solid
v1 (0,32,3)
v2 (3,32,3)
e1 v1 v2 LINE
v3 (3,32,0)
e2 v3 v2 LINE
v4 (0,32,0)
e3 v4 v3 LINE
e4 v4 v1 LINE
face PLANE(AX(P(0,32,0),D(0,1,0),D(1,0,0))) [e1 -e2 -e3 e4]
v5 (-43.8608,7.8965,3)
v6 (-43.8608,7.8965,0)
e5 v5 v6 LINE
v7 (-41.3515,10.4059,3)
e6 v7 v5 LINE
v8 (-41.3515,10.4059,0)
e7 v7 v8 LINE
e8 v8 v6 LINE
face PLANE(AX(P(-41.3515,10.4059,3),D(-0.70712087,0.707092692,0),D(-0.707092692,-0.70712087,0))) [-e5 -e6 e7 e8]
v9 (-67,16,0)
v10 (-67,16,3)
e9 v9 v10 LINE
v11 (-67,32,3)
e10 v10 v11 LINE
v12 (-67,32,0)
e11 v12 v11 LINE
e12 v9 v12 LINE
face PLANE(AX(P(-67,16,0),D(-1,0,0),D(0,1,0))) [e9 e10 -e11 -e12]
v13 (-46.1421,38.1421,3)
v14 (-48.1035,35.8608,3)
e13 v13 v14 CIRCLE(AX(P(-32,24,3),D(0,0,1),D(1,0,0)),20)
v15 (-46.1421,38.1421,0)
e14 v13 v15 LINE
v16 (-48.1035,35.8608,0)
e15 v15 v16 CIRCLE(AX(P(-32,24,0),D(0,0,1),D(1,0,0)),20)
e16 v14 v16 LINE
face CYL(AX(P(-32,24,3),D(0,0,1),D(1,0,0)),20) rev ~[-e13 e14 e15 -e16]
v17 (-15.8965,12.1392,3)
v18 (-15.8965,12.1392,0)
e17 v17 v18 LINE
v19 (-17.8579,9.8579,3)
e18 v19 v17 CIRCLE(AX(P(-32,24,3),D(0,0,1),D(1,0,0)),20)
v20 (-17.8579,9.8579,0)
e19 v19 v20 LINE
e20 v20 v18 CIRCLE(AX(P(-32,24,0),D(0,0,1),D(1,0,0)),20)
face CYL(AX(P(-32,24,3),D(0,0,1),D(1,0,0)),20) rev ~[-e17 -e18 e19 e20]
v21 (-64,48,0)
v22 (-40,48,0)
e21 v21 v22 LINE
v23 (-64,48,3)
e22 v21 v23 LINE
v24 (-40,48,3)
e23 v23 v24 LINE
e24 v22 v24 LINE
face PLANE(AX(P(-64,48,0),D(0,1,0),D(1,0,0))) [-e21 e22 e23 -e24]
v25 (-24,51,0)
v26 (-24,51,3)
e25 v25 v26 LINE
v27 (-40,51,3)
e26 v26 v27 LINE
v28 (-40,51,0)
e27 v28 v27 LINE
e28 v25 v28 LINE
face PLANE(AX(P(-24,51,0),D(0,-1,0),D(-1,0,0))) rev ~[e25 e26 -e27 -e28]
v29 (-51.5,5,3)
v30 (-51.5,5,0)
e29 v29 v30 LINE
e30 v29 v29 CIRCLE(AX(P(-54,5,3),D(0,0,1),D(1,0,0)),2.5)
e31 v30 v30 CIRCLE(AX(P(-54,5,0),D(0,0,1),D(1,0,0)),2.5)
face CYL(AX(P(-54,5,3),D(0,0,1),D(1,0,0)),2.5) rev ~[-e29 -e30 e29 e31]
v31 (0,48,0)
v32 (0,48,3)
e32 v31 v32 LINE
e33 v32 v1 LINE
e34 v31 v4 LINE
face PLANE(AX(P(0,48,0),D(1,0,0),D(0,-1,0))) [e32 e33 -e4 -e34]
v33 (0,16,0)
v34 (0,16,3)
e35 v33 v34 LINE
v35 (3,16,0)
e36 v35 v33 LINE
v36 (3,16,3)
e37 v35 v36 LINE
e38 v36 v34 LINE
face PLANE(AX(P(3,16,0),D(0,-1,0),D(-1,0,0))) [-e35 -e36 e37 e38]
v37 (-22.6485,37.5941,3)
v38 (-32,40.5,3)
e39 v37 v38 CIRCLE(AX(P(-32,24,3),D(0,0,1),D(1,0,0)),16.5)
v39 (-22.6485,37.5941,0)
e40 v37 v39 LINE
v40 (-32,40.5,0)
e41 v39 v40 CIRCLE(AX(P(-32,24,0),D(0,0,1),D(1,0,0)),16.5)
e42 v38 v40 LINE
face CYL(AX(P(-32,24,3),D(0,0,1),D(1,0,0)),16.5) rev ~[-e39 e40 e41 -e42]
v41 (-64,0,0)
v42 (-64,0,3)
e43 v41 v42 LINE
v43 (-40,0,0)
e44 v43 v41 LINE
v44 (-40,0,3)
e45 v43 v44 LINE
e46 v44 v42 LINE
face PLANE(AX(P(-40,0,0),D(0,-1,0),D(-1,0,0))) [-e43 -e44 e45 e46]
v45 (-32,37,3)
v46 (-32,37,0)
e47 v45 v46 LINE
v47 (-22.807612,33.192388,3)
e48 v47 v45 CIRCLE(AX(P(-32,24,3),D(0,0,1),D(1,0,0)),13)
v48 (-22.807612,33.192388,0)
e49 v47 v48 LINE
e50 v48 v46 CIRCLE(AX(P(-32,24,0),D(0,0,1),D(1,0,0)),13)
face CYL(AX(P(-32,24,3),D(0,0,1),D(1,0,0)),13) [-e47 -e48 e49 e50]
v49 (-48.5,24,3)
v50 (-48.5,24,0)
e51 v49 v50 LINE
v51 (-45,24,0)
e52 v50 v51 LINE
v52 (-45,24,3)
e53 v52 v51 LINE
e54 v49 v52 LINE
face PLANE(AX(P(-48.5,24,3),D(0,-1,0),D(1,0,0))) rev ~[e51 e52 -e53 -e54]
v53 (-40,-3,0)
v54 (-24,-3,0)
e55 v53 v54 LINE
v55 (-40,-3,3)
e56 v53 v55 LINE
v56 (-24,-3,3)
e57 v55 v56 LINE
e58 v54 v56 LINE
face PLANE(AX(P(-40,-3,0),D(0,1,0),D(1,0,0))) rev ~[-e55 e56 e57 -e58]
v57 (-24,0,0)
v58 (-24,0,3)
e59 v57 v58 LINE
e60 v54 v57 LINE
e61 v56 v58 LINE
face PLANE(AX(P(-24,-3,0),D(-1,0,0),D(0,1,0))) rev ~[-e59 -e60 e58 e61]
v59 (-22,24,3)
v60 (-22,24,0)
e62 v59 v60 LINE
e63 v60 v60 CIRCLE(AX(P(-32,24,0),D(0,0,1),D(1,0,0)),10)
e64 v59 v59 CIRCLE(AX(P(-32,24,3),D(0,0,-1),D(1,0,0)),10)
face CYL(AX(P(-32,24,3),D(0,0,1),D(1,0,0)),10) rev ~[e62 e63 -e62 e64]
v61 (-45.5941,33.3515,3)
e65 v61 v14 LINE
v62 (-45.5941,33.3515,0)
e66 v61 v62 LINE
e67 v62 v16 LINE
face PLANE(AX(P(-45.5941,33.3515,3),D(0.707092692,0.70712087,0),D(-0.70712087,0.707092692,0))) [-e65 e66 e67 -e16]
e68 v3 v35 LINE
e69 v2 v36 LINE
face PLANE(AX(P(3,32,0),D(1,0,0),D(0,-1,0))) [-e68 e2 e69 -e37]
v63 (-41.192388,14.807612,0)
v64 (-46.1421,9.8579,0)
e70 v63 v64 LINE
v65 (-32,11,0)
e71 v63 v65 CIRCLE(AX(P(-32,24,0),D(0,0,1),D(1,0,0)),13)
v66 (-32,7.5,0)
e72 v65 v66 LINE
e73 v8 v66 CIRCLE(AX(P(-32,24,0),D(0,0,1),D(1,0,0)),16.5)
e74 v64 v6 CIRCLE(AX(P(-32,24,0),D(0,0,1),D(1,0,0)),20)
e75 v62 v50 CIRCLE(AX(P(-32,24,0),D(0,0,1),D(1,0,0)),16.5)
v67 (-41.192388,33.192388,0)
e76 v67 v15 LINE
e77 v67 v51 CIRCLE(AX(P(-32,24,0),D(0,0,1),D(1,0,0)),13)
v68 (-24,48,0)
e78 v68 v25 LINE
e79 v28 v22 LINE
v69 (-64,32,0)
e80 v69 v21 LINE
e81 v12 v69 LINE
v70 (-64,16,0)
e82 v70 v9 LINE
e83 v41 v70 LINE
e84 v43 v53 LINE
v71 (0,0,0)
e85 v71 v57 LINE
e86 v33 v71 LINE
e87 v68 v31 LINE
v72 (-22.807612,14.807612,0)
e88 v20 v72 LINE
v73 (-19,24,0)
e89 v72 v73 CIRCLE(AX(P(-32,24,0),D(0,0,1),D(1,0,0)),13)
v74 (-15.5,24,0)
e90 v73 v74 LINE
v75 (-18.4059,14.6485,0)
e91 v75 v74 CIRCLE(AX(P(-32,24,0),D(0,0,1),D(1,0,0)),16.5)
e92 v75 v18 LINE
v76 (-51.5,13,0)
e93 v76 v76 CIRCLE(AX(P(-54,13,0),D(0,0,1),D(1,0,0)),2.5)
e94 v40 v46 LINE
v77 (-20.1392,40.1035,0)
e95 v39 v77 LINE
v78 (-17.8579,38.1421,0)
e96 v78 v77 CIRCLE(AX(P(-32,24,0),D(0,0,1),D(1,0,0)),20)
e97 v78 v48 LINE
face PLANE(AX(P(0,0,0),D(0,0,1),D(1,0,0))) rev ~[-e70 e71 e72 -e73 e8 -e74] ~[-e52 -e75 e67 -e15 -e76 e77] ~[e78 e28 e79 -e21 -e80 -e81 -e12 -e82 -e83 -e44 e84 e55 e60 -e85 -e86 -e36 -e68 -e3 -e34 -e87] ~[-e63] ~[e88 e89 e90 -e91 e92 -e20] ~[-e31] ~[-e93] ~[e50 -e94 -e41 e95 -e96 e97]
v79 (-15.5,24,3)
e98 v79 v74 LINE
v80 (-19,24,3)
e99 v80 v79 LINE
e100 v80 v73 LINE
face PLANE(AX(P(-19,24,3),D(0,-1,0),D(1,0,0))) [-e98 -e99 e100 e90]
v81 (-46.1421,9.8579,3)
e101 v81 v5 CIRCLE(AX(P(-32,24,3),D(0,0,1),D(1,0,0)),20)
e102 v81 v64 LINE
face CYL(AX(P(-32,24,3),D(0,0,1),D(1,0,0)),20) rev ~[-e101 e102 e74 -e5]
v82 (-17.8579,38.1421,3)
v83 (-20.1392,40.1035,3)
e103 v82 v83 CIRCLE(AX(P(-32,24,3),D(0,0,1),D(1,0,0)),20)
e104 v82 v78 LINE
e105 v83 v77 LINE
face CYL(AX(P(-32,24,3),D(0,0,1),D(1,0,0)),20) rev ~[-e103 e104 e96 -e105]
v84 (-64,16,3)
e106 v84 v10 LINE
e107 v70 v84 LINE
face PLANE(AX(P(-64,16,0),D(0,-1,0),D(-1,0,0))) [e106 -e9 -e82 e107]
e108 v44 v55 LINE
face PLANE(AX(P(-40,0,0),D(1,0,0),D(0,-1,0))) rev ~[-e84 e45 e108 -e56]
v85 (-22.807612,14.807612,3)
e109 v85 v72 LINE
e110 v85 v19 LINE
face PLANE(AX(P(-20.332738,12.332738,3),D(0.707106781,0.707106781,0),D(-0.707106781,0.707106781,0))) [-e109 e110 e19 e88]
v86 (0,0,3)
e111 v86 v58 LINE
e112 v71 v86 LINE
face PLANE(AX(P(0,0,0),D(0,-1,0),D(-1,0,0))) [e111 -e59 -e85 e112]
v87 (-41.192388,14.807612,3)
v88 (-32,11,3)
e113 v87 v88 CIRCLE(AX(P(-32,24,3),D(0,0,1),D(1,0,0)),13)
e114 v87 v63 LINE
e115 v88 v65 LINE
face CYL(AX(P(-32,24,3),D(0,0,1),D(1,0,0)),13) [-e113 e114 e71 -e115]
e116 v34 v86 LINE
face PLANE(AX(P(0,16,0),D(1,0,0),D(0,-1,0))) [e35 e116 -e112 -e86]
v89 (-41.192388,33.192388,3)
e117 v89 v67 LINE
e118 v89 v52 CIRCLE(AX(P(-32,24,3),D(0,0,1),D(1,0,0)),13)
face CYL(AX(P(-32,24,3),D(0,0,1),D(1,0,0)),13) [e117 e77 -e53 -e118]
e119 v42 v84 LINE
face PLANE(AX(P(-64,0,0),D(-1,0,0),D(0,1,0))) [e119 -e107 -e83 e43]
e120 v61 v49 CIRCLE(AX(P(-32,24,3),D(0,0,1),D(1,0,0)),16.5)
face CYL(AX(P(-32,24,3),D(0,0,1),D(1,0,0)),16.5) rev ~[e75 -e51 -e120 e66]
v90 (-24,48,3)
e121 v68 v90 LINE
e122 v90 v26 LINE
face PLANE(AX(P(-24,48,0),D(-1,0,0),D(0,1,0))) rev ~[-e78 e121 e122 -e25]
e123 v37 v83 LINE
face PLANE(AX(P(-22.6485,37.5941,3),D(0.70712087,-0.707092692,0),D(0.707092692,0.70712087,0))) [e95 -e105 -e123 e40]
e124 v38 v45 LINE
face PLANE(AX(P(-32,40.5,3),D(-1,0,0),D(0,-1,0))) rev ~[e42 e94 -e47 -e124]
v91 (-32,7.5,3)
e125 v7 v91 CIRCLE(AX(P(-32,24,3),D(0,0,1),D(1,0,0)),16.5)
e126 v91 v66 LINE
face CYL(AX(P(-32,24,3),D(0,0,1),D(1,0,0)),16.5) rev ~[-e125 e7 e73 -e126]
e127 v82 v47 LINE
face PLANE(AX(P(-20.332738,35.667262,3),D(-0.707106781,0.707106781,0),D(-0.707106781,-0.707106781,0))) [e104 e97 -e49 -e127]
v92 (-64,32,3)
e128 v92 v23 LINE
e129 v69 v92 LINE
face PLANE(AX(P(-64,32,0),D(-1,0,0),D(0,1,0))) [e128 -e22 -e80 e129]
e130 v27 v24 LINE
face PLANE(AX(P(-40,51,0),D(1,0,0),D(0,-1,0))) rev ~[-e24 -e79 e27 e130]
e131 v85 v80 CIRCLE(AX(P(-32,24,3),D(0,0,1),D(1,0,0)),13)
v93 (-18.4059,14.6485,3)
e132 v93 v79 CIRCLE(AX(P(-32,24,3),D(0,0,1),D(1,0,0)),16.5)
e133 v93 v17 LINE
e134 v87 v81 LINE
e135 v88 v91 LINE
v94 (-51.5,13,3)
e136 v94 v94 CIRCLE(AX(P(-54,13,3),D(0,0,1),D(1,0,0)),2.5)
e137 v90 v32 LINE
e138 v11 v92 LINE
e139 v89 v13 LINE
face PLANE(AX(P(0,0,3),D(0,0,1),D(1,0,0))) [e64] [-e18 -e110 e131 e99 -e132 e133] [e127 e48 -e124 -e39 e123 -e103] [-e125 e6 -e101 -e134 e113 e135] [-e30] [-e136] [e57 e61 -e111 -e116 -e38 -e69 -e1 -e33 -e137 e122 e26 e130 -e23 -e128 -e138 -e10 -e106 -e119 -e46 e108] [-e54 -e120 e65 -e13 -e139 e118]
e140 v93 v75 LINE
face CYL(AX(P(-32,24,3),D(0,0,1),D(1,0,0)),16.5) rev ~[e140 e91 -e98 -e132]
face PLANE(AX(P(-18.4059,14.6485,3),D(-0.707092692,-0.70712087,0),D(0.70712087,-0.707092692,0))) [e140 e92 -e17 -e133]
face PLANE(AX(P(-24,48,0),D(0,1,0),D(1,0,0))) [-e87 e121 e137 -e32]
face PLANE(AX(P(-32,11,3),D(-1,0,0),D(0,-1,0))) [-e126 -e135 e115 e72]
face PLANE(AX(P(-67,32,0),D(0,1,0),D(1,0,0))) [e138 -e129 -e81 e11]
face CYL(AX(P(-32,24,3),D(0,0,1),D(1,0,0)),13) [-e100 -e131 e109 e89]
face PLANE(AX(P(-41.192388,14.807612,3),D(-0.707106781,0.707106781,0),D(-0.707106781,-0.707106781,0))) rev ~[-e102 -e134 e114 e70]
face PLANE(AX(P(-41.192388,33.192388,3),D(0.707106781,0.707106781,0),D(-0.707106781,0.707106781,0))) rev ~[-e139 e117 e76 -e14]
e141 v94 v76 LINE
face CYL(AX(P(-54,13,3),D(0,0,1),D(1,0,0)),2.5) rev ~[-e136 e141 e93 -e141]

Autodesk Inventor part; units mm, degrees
ref_plane "YZ Plane" through (0, 0, 0) normal (1, 0, 0) x (0, 1, 0)
ref_plane "XZ Plane" through (0, 0, 0) normal (0, 1, 0) x (-1, 0, 0)
ref_plane "XY Plane" through (0, 0, 0) normal (0, 0, 1) x (1, 0, 0)
sketch "Sketch1" plane through (0, 0, 0) normal (0, 0, 1) x (1, 0, 0)
  line L0 (-24, 48) -> (-24, 51)
  line L1 (-24, 51) -> (-40, 51)
  line L2 (-40, 51) -> (-40, 48)
  line L3 (0, 32) -> (3, 32)
  line L4 (3, 32) -> (3, 16)
  line L5 (3, 16) -> (0, 16)
  line L6 (-40, 0) -> (-40, -3)
  line L7 (-40, -3) -> (-24, -3)
  line L8 (-24, -3) -> (-24, 0)
  line L9 (-64, 16) -> (-67, 16)
  line L10 (-67, 16) -> (-67, 32)
  line L11 (-67, 32) -> (-64, 32)
  line L12 (-64, 48) -> (-40, 48)
  line L13 (-24, 48) -> (0, 48)
  line L14 (-64, 0) -> (-64, 16)
  line L15 (-64, 32) -> (-64, 48)
  line L16 (0, 0) -> (-24, 0)
  line L17 (-40, 0) -> (-64, 0)
  line L18 (0, 48) -> (0, 32)
  line L19 (0, 16) -> (0, 0)
  point P0 (0, 0)
  dimension "d3" = 16
  dimension "d4" = 16
  dimension "d8" = 64
  dimension "d9" = 48
  dimension "d10" = 3
  dimension "d11" = 3
  dimension "d12" = 24
  dimension "d13" = 24
  dimension "d14" = 16
  dimension "d15" = 3
extrude "Plate1" add sketch "Sketch1" along normal blind 3
sketch "Sketch2" plane through (0, 0, 3) normal (0, 0, 1) x (1, 0, 0)
  circle A0 centre (-32, 24) radius 10
  line L0 (-67, 32) -> (-67, 16) projected
  line L1 (-40, 51) -> (-24, 51) projected
  line L2 (0, 0) -> (0, 16) projected
  circle A1 centre (-32, 24) radius 16.5
  circle A2 centre (-32, 24) radius 20
  line L3 (0, 0) -> (-24, 0) projected
  line L4 (-64, 32) -> (-64, 48) projected
  line L5 (0, 48) -> (0, 32) projected
  line L6 (-64, 48) -> (-40, 48) projected
  line L7 (-64, 0) -> (-40, 0) projected
  line L8 (-52, 24) -> (-12, 24)
  line L9 (-32, 44) -> (-32, 4)
  line L10 (-17.8579, 38.1421) -> (-46.1421, 9.8579)
  line L11 (-17.8579, 9.8579) -> (-46.1421, 38.1421)
  line L12 (-22.6485, 37.5941) -> (-20.1392, 40.1035)
  line L13 (-18.4059, 14.6485) -> (-15.8965, 12.1392)
  line L14 (-41.3515, 10.4059) -> (-43.8608, 7.8965)
  line L15 (-45.5941, 33.3515) -> (-48.1035, 35.8608)
  circle A3 centre (-32, 24) radius 13
  circle A4 centre (-54, 5) radius 2.5
  circle A5 centre (-54, 13) radius 2.5
  line L16 (-64, 0) -> (-64, 16) projected
  point P0 (-32, 24)
  point P1 (-17.1512, 13.3939)
  point P2 (-32, 37)
  point P3 (-22.8076, 33.1924)
  point P4 (-32, 40.5)
  point P5 (-19, 24)
  point P6 (-22.8076, 14.8076)
  point P7 (-48.5, 24)
  point P8 (-32, 11)
  point P9 (-41.1924, 14.8076)
  point P10 (-32, 7.5)
  point P11 (-15.5, 24)
  point P12 (-45, 24)
  point P13 (-41.1924, 33.1924)
  point P14 (-43.6673, 35.6673)
  point P15 (-32, 24)
  point P16 (-20.3327, 12.3327)
  dimension "d17" = 20
  dimension "d21" = 3.5
  dimension "d24" = 24
  dimension "d25" = 32
  dimension "d26" = 45
  dimension "d27" = 3
  dimension "d28" = 3
  dimension "d29" = 3
  dimension "d30" = 3
  dimension "d31" = 3
  dimension "d34" = 5
  dimension "d35" = 5
  dimension "d36" = 5
  dimension "d37" = 10
  dimension "d38" = 8
  dimension "d39" = 3.5
extrude "Extrusion1" cut sketch "Sketch2" against normal through all contours L8 L10 A0 | A0 L11 L8 | L10 L9 A0 | A0 L9 L11 | L8 A1 L11 A3 | L10 A0 L8 | L11 A0 L9 | L9 A0 L10 | L8 A0 L11 | A3 L9 A1 L10 | A1 L12 A2 L10 | L9 A1 L10 A3 | A1 L13 A2 L11 | L8 A1 L11 A3 | A1 L14 A2 L10 | A1 L15 A2 L11 | A4 | A5
equation "\"d16\" = Thickness"
equation "\"BendRadius\" = Thickness"
equation "\"BendReliefWidth\" = Thickness"
equation "\"BendReliefDepth\" = 0.5 * Thickness"
equation "\"CornerReliefSize\" = 4 * Thickness"
equation "\"MinimumRemnant\" = 2 * Thickness"
equation "\"TransitionRadius\" = BendRadius"
equation "\"JacobiRadiusSize\" = BendRadius"
equation "\"GapSize\" = Thickness"
equation "\"Thickness\" = 3"
properties part number "back plate" material "Hardboard"
